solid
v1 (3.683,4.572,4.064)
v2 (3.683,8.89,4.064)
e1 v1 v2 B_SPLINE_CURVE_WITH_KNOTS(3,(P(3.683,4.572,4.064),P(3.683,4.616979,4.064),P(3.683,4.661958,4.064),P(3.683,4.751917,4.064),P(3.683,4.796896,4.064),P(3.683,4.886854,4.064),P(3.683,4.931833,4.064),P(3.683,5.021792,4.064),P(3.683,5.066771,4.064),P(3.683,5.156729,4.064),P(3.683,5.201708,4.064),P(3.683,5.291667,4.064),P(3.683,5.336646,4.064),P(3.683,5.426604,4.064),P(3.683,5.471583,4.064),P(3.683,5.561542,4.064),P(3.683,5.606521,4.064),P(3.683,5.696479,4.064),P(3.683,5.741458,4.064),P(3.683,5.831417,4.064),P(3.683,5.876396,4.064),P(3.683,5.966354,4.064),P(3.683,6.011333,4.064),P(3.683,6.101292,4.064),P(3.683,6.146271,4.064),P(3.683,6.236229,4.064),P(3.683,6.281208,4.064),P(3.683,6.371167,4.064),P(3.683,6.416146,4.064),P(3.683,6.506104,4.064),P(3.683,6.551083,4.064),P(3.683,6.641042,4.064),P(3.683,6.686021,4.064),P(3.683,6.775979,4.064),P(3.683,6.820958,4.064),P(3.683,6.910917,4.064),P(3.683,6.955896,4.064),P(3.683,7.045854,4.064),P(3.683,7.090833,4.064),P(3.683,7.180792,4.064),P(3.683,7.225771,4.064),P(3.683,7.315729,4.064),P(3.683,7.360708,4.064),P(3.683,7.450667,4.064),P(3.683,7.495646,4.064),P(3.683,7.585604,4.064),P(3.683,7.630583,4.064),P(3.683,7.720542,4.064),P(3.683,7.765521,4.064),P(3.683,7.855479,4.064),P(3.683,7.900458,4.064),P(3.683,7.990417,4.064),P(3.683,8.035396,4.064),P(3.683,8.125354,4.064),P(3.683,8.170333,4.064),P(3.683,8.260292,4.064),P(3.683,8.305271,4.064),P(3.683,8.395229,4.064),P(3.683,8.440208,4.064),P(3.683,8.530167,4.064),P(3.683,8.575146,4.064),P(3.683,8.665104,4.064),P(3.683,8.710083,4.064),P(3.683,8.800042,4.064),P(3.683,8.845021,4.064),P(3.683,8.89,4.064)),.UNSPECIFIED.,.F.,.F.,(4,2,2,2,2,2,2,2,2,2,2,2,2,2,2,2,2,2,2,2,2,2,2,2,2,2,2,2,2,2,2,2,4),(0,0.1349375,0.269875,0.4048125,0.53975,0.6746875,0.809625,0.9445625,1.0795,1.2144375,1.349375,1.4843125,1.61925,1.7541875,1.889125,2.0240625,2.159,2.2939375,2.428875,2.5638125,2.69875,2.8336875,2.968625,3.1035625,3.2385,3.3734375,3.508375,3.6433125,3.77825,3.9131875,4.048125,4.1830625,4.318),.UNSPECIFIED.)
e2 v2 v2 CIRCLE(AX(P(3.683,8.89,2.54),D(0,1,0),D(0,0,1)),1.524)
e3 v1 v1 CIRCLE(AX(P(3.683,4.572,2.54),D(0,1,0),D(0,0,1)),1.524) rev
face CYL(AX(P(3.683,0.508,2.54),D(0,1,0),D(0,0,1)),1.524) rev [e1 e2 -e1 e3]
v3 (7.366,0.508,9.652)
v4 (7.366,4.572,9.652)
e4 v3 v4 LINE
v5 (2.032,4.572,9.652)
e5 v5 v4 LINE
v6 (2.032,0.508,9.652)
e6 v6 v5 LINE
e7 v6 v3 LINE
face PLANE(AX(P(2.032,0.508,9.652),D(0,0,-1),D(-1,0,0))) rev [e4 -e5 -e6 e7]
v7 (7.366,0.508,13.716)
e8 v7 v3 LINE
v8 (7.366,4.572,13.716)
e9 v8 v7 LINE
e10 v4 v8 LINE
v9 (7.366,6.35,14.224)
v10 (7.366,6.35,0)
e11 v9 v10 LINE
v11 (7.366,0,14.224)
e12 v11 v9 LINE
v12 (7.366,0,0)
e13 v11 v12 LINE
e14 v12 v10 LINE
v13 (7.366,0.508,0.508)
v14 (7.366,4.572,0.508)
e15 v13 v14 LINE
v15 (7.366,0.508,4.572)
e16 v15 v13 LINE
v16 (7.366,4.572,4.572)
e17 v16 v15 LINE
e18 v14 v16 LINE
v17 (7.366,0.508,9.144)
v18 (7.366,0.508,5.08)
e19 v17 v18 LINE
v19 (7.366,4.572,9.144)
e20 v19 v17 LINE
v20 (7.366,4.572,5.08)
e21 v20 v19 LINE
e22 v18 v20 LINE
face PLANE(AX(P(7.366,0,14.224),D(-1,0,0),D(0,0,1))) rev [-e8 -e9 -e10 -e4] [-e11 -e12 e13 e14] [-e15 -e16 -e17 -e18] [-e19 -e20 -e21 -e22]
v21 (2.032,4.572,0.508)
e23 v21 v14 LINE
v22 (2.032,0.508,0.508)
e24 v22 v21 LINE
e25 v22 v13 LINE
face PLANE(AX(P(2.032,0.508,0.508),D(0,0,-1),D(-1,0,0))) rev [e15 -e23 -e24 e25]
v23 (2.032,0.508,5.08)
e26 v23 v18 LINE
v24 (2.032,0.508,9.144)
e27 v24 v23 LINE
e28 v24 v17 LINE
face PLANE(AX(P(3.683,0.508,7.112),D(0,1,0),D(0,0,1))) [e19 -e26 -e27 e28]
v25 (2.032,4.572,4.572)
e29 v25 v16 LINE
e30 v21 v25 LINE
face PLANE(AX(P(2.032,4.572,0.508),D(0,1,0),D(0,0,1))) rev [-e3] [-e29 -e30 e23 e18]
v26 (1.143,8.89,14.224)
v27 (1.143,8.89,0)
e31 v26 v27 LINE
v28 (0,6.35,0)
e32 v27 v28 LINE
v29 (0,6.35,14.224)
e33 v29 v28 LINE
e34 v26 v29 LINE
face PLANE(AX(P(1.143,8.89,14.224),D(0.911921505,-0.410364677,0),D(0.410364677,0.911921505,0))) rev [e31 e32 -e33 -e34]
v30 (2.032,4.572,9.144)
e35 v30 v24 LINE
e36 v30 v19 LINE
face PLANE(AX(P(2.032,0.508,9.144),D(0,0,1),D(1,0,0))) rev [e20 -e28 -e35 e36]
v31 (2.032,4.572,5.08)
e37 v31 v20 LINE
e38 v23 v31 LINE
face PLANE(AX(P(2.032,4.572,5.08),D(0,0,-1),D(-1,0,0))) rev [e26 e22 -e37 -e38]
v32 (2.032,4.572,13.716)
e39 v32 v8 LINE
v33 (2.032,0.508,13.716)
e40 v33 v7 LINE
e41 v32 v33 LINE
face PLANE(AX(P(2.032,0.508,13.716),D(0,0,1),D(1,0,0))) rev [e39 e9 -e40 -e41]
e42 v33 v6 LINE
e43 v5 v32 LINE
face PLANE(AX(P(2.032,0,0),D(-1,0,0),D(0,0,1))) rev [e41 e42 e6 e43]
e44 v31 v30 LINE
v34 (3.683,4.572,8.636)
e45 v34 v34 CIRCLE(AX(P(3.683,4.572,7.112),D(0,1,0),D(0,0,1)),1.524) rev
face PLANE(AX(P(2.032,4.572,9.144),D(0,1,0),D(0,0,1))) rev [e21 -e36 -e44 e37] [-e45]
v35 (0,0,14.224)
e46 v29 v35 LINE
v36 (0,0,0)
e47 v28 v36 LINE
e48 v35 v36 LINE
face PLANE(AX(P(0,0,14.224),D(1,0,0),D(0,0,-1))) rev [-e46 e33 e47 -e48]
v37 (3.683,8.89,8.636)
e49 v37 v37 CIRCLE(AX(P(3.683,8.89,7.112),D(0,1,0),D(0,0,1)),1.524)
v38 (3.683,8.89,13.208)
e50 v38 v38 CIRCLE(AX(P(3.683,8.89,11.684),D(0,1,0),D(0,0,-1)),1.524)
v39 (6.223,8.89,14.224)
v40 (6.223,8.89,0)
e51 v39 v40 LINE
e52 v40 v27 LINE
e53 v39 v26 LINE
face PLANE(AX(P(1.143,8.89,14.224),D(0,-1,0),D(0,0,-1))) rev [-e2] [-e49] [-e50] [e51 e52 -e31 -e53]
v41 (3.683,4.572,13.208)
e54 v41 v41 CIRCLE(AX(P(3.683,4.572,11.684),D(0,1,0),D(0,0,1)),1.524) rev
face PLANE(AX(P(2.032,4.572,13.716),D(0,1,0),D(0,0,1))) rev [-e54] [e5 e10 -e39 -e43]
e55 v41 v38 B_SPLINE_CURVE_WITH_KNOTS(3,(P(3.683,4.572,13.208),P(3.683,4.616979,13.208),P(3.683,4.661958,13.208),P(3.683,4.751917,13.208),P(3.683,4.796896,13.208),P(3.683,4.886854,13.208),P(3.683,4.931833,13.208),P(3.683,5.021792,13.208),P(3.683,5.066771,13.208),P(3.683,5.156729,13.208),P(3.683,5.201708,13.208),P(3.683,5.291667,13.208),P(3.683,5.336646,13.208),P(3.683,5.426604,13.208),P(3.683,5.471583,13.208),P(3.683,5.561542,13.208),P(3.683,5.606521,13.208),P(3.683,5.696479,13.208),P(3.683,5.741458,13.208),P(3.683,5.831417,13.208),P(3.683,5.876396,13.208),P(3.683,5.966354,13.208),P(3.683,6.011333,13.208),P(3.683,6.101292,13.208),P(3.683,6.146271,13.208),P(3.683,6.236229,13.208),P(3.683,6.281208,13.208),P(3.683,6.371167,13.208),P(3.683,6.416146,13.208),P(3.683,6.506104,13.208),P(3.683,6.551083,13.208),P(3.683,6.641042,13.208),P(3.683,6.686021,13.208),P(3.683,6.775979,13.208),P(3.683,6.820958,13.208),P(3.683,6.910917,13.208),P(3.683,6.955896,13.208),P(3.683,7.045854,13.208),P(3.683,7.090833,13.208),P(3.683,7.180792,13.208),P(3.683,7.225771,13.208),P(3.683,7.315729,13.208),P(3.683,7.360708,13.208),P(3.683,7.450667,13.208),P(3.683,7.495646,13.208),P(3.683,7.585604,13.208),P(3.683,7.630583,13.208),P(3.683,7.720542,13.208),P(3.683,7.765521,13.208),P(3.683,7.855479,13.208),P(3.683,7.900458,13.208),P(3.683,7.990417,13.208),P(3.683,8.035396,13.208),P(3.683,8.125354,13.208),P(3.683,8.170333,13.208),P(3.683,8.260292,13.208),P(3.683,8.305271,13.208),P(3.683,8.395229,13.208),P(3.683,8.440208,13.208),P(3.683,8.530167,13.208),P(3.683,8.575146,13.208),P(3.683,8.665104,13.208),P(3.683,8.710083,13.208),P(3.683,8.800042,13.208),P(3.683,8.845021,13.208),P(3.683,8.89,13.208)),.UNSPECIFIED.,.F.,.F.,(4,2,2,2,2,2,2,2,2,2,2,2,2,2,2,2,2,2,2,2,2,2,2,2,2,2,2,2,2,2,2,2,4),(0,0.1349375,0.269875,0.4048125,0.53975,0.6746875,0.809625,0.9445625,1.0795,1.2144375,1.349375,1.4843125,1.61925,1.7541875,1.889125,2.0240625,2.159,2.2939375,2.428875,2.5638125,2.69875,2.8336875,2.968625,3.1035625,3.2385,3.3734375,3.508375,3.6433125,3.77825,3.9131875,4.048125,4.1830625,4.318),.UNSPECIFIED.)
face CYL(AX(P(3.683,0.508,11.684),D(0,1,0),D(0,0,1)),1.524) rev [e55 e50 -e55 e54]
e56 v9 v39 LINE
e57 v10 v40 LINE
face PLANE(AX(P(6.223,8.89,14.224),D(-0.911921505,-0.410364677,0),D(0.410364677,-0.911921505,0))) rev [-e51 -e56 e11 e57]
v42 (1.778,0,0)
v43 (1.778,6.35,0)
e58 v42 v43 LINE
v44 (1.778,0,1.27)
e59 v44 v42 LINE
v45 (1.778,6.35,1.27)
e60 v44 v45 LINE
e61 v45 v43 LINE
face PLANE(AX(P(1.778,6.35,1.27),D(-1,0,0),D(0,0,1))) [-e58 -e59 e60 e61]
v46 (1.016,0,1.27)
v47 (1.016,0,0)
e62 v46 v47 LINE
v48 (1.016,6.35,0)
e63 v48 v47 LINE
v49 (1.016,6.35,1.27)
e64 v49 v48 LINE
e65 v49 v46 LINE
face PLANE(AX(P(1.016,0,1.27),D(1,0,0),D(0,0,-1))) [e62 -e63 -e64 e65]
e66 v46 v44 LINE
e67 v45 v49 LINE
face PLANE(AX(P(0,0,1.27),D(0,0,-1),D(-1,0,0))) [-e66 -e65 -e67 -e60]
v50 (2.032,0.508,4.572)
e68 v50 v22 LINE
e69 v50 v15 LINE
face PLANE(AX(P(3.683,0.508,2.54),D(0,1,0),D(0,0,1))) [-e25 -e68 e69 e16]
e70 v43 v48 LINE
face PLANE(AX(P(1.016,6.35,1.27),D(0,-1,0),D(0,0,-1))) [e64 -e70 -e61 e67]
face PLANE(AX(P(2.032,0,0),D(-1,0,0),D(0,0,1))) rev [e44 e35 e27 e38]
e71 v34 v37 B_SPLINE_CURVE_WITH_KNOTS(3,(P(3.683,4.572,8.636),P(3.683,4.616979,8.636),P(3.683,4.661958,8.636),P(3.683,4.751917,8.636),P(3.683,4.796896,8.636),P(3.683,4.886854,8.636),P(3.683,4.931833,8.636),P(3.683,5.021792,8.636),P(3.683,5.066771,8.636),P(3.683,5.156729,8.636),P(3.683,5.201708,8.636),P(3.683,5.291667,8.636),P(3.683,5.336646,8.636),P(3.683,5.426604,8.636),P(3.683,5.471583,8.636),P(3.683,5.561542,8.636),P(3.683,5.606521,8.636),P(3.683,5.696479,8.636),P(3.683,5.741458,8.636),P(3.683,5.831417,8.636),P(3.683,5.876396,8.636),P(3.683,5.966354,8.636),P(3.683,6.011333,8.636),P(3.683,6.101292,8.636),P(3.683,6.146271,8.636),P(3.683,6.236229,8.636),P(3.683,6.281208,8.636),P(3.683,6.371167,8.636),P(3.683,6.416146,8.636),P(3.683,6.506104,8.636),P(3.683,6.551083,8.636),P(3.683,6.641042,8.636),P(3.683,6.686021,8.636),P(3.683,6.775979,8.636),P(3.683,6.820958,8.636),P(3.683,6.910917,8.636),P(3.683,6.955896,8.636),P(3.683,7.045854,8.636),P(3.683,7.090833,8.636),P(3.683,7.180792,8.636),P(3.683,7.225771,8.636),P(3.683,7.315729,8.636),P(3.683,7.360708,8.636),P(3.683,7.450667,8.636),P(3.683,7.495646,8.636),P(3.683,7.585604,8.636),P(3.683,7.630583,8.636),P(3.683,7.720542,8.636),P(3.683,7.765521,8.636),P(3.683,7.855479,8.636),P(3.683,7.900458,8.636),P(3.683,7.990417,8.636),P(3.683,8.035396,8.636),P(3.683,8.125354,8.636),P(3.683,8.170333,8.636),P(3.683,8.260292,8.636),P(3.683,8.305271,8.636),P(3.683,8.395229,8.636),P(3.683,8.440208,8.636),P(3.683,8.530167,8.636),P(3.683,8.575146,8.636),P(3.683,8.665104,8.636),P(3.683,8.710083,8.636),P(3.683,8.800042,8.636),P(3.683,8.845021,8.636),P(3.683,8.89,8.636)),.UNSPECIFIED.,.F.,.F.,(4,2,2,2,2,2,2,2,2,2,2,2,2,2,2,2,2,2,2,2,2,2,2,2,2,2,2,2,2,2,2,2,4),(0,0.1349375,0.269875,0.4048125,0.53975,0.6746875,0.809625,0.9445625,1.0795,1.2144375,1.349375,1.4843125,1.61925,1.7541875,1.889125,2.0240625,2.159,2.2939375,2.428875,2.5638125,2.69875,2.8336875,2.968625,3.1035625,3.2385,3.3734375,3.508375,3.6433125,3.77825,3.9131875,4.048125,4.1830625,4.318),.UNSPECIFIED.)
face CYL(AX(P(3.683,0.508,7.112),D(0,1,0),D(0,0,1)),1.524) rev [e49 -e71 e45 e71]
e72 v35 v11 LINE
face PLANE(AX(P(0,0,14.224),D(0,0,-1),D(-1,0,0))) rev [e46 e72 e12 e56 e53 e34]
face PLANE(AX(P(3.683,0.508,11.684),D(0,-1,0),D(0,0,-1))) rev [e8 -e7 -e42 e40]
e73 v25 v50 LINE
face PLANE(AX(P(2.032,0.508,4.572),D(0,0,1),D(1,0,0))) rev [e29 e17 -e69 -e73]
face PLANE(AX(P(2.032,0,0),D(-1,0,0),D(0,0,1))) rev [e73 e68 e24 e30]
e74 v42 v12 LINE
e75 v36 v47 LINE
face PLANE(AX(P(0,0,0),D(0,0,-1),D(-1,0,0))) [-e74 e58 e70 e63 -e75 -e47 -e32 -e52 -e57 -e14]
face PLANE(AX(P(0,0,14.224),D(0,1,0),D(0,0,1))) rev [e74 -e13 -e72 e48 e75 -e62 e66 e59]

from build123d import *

# Parameters (mm, degrees)
EXTRUDE_1_DEPTH     = 14.224
SKETCH_2_R          = 1.524
CUT_EXTRUDE_1_DEPTH = 8.382
SKETCH_3_W          = 4.064
SKETCH_3_H          = 4.064
CUT_EXTRUDE_2_DEPTH = 5.334
SKETCH_4_W          = 0.762
SKETCH_4_H          = 6.35
CUT_EXTRUDE_3_DEPTH = 1.27


with BuildPart() as part:
    # 草图1 → 凸台-拉伸1 (new body)
    with BuildSketch(Plane.XY):
        Polygon((0, 0), (7.366, 0), (7.366, 6.35), (6.223, 8.89), (1.143, 8.89), (0, 6.35), align=None)
    extrude(amount=EXTRUDE_1_DEPTH)

    # 草图2 → 切除-拉伸1 (cut)
    with BuildSketch(Plane(origin=(0, 8.89, 0), x_dir=(1, 0, 0), z_dir=(0, 1, 0))):
        with Locations(Location((3.683, -2.54, 0), (0, 0, 270))):
            Circle(SKETCH_2_R)
        with Locations(Location((3.683, -11.684, 0), (0, 0, 270))):
            Circle(SKETCH_2_R)
        with Locations(Location((3.683, -7.112, 0), (0, 0, 270))):
            Circle(SKETCH_2_R)
    extrude(amount=-CUT_EXTRUDE_1_DEPTH, mode=Mode.SUBTRACT)

    # 草图3 → 切除-拉伸2 (cut)
    with BuildSketch(Plane(origin=(7.366, 0, 0), x_dir=(0, 0, -1), z_dir=(1, 0, 0))):
        with Locations((-11.684, 2.54)):
            Rectangle(SKETCH_3_W, SKETCH_3_H)
        Polygon((-7.112, 0.508), (-9.144, 0.508), (-9.144, 4.572), (-5.08, 4.572), (-5.08, 0.508), align=None)
        with Locations((-2.54, 2.54)):
            Rectangle(SKETCH_3_W, SKETCH_3_H)
    extrude(amount=-CUT_EXTRUDE_2_DEPTH, mode=Mode.SUBTRACT)

    # 草图4 → 切除-拉伸3 (cut)
    with BuildSketch(Plane.XY):
        with Locations((1.397, 3.175)):
            Rectangle(SKETCH_4_W, SKETCH_4_H)
    extrude(amount=CUT_EXTRUDE_3_DEPTH, mode=Mode.SUBTRACT)


solid = part.part
